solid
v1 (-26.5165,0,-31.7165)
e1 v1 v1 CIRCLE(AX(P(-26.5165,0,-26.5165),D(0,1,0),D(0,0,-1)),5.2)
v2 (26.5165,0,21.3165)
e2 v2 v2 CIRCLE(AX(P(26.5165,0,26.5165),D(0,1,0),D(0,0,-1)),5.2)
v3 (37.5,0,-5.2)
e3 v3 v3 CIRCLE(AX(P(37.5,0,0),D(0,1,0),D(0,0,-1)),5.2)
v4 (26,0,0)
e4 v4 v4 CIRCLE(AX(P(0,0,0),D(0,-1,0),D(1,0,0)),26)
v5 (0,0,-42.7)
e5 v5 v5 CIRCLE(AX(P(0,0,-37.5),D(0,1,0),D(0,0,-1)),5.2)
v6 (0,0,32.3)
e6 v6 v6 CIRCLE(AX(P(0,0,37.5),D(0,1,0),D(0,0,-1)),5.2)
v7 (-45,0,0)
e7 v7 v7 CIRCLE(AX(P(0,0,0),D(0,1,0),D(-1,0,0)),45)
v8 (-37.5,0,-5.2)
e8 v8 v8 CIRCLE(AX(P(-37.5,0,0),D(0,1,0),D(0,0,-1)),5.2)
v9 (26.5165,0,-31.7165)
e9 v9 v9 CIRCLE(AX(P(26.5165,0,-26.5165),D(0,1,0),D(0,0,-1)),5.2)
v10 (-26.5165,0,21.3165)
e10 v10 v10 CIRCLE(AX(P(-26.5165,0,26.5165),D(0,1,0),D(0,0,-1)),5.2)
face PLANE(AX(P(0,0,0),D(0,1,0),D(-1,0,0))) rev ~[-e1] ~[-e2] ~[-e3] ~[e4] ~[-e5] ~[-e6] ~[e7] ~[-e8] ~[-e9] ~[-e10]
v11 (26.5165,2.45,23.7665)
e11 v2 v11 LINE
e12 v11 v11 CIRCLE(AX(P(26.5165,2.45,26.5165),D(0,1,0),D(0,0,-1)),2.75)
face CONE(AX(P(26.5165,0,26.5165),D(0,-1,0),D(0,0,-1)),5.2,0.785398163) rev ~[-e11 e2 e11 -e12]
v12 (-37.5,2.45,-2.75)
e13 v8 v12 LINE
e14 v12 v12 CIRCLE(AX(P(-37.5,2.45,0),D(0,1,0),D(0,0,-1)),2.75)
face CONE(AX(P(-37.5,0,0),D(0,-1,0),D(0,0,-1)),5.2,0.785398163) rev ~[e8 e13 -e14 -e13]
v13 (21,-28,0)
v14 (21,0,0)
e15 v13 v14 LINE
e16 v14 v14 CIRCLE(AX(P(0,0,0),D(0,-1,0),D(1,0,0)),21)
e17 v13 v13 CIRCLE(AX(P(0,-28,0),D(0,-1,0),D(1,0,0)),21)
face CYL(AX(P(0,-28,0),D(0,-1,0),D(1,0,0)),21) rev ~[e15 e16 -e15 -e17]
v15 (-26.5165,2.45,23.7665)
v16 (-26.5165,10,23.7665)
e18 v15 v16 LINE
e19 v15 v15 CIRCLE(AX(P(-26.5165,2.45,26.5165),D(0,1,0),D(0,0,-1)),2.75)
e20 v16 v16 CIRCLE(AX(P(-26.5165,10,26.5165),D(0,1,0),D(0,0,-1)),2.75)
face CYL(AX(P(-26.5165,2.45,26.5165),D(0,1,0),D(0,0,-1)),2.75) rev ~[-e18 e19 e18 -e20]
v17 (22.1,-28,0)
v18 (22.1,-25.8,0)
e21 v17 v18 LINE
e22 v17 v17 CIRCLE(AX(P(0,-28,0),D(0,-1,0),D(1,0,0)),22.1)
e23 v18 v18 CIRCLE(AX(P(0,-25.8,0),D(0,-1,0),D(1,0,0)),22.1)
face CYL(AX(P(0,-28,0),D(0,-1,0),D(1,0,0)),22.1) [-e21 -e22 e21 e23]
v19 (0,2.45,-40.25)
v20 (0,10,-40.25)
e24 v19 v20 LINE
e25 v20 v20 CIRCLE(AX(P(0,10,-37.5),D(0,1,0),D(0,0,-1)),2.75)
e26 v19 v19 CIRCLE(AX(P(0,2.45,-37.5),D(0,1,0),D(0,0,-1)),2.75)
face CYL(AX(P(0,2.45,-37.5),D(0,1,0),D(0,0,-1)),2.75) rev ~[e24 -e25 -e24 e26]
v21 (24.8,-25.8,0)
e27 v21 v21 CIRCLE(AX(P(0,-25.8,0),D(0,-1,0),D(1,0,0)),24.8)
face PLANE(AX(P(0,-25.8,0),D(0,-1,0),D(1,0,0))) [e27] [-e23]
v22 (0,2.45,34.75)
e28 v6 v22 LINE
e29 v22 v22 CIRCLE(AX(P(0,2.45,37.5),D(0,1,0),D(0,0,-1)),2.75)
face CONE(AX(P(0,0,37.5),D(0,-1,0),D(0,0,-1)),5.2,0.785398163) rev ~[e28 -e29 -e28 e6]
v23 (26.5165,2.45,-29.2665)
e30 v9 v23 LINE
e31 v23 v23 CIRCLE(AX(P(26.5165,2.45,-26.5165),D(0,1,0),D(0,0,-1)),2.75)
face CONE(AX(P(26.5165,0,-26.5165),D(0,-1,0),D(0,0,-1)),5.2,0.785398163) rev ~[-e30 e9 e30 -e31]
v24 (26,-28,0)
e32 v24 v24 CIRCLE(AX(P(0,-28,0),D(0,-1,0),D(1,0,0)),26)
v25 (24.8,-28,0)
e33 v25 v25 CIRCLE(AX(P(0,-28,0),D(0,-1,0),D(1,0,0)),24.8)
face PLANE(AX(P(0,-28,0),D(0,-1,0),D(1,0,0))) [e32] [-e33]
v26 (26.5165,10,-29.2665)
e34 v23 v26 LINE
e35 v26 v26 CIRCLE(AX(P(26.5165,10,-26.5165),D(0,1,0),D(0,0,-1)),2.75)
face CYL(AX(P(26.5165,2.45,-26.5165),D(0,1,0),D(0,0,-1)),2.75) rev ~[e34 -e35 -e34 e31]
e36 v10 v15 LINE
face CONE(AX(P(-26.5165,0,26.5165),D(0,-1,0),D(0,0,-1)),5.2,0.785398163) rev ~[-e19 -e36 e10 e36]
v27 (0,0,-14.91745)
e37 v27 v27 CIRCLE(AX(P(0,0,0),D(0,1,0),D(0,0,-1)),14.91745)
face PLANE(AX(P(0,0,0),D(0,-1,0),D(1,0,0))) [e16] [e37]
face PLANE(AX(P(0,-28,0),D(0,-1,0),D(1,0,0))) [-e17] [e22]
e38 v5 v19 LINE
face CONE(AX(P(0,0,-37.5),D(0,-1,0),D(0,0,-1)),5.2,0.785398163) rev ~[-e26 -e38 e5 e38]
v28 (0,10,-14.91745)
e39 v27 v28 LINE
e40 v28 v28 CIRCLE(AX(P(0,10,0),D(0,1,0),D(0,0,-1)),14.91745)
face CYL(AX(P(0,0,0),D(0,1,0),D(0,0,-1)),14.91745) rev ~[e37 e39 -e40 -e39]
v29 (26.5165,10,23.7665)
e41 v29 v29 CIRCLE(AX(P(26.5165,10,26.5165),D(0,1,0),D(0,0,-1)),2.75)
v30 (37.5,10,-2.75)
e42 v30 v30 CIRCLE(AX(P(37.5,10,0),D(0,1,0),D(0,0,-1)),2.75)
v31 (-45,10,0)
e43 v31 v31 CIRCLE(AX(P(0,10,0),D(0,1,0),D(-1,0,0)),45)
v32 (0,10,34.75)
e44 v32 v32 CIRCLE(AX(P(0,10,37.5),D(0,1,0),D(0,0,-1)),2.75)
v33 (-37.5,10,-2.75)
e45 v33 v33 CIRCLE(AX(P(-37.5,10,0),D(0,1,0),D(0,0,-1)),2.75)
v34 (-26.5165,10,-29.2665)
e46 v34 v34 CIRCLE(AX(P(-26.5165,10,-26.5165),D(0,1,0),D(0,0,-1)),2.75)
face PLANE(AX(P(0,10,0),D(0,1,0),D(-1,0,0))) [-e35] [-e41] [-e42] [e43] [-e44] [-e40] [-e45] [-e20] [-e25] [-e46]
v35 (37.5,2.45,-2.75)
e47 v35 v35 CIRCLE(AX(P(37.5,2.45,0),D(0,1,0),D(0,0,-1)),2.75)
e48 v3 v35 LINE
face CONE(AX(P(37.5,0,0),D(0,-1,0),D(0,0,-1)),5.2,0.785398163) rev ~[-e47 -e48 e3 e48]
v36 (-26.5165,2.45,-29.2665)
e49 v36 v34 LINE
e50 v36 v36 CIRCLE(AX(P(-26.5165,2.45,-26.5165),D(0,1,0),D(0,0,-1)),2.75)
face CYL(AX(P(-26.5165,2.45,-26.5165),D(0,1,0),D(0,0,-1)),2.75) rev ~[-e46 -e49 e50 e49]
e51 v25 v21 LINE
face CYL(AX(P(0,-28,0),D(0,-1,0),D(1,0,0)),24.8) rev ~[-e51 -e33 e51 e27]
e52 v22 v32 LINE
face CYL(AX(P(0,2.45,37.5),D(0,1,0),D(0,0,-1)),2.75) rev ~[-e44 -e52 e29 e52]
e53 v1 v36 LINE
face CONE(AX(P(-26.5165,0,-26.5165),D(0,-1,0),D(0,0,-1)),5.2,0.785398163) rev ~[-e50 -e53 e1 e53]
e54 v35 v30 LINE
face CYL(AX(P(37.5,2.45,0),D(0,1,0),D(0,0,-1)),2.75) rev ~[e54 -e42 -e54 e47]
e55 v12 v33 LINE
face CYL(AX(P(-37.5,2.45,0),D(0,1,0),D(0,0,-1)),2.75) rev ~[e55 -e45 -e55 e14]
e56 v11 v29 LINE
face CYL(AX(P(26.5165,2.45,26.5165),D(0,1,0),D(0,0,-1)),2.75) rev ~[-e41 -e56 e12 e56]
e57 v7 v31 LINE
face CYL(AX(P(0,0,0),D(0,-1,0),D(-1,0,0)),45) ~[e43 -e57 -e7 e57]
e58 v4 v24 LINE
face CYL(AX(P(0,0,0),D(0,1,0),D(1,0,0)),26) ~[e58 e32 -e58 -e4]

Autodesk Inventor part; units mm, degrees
ref_plane "YZ Plane" through (0, 0, 0) normal (1, 0, 0) x (0, 1, 0)
ref_plane "XZ Plane" through (0, 0, 0) normal (0, 1, 0) x (-1, 0, 0)
ref_plane "XY Plane" through (0, 0, 0) normal (0, 0, 1) x (1, 0, 0)
sketch "Sketch1" plane through (0, 0, 0) normal (0, 1, 0) x (-1, 0, 0)
  circle A0 centre (0, 0) radius 45
  dimension "d0" = 90
extrude "Extrusion1" add sketch "Sketch1" along normal blind 10
sketch "Sketch2" plane through (0, 0, 0) normal (0, -1, 0) x (1, 0, 0)
  circle A0 centre (0, 0) radius 26
  dimension "d3" = 52
extrude "Extrusion2" add sketch "Sketch2" along normal blind 28
sketch "Sketch3" plane through (0, -28, 0) normal (0, -1, 0) x (1, 0, 0)
  circle A0 centre (0, 0) radius 21
  dimension "d6" = 42
extrude "Extrusion3" cut sketch "Sketch3" against normal blind 28
sketch "Sketch4" plane through (0, -28, 0) normal (0, -1, 0) x (1, 0, 0)
  circle A0 centre (0, 0) radius 22.1
  circle A1 centre (0, 0) radius 24.8
  dimension "d9" = 44.2
  dimension "d10" = 49.6
extrude "Extrusion4" cut sketch "Sketch4" against normal blind 2.2
sketch "Sketch5" plane through (0, 0, 0) normal (0, -1, 0) x (1, 0, 0)
  point P0 (0, 0)
  point P1 (0, 0)
hole "Hole1" at (0, 0, 0) direction (0, 1, 0) diameter 29.8349 end through all thread size "M32x2" class "6H" standard "ANSI Metric M Profile"
sketch "Sketch6" plane through (0, 0, 0) normal (0, -1, 0) x (1, 0, 0)
  point P0 (0, 0)
  point P1 (0, 37.5)
  point P2 (-26.5165, 26.5165)
  point P3 (-37.5, 0)
  point P4 (-26.5165, -26.5165)
  point P5 (0, -37.5)
  point P6 (26.5165, -26.5165)
  point P7 (37.5, 0)
  point P8 (26.5165, 26.5165)
  dimension "d20" = 37.5
  dimension "d30" = 360
hole "Hole2" at (0, 0, 37.5) at (-26.5165, 0, 26.5165) at (-37.5, 0, 0) at (-26.5165, 0, -26.5165) at (0, 0, -37.5) at (26.5165, 0, -26.5165) at (37.5, 0, 0) at (26.5165, 0, 26.5165) direction (0, 1, 0) diameter 5.5 end through all countersink diameter 10.4 countersink angle 90 clearance for "Flat Head Machine Screw" size "M5" standard "Ansi Metric M Profile"
properties part number "Passthrough Base"
